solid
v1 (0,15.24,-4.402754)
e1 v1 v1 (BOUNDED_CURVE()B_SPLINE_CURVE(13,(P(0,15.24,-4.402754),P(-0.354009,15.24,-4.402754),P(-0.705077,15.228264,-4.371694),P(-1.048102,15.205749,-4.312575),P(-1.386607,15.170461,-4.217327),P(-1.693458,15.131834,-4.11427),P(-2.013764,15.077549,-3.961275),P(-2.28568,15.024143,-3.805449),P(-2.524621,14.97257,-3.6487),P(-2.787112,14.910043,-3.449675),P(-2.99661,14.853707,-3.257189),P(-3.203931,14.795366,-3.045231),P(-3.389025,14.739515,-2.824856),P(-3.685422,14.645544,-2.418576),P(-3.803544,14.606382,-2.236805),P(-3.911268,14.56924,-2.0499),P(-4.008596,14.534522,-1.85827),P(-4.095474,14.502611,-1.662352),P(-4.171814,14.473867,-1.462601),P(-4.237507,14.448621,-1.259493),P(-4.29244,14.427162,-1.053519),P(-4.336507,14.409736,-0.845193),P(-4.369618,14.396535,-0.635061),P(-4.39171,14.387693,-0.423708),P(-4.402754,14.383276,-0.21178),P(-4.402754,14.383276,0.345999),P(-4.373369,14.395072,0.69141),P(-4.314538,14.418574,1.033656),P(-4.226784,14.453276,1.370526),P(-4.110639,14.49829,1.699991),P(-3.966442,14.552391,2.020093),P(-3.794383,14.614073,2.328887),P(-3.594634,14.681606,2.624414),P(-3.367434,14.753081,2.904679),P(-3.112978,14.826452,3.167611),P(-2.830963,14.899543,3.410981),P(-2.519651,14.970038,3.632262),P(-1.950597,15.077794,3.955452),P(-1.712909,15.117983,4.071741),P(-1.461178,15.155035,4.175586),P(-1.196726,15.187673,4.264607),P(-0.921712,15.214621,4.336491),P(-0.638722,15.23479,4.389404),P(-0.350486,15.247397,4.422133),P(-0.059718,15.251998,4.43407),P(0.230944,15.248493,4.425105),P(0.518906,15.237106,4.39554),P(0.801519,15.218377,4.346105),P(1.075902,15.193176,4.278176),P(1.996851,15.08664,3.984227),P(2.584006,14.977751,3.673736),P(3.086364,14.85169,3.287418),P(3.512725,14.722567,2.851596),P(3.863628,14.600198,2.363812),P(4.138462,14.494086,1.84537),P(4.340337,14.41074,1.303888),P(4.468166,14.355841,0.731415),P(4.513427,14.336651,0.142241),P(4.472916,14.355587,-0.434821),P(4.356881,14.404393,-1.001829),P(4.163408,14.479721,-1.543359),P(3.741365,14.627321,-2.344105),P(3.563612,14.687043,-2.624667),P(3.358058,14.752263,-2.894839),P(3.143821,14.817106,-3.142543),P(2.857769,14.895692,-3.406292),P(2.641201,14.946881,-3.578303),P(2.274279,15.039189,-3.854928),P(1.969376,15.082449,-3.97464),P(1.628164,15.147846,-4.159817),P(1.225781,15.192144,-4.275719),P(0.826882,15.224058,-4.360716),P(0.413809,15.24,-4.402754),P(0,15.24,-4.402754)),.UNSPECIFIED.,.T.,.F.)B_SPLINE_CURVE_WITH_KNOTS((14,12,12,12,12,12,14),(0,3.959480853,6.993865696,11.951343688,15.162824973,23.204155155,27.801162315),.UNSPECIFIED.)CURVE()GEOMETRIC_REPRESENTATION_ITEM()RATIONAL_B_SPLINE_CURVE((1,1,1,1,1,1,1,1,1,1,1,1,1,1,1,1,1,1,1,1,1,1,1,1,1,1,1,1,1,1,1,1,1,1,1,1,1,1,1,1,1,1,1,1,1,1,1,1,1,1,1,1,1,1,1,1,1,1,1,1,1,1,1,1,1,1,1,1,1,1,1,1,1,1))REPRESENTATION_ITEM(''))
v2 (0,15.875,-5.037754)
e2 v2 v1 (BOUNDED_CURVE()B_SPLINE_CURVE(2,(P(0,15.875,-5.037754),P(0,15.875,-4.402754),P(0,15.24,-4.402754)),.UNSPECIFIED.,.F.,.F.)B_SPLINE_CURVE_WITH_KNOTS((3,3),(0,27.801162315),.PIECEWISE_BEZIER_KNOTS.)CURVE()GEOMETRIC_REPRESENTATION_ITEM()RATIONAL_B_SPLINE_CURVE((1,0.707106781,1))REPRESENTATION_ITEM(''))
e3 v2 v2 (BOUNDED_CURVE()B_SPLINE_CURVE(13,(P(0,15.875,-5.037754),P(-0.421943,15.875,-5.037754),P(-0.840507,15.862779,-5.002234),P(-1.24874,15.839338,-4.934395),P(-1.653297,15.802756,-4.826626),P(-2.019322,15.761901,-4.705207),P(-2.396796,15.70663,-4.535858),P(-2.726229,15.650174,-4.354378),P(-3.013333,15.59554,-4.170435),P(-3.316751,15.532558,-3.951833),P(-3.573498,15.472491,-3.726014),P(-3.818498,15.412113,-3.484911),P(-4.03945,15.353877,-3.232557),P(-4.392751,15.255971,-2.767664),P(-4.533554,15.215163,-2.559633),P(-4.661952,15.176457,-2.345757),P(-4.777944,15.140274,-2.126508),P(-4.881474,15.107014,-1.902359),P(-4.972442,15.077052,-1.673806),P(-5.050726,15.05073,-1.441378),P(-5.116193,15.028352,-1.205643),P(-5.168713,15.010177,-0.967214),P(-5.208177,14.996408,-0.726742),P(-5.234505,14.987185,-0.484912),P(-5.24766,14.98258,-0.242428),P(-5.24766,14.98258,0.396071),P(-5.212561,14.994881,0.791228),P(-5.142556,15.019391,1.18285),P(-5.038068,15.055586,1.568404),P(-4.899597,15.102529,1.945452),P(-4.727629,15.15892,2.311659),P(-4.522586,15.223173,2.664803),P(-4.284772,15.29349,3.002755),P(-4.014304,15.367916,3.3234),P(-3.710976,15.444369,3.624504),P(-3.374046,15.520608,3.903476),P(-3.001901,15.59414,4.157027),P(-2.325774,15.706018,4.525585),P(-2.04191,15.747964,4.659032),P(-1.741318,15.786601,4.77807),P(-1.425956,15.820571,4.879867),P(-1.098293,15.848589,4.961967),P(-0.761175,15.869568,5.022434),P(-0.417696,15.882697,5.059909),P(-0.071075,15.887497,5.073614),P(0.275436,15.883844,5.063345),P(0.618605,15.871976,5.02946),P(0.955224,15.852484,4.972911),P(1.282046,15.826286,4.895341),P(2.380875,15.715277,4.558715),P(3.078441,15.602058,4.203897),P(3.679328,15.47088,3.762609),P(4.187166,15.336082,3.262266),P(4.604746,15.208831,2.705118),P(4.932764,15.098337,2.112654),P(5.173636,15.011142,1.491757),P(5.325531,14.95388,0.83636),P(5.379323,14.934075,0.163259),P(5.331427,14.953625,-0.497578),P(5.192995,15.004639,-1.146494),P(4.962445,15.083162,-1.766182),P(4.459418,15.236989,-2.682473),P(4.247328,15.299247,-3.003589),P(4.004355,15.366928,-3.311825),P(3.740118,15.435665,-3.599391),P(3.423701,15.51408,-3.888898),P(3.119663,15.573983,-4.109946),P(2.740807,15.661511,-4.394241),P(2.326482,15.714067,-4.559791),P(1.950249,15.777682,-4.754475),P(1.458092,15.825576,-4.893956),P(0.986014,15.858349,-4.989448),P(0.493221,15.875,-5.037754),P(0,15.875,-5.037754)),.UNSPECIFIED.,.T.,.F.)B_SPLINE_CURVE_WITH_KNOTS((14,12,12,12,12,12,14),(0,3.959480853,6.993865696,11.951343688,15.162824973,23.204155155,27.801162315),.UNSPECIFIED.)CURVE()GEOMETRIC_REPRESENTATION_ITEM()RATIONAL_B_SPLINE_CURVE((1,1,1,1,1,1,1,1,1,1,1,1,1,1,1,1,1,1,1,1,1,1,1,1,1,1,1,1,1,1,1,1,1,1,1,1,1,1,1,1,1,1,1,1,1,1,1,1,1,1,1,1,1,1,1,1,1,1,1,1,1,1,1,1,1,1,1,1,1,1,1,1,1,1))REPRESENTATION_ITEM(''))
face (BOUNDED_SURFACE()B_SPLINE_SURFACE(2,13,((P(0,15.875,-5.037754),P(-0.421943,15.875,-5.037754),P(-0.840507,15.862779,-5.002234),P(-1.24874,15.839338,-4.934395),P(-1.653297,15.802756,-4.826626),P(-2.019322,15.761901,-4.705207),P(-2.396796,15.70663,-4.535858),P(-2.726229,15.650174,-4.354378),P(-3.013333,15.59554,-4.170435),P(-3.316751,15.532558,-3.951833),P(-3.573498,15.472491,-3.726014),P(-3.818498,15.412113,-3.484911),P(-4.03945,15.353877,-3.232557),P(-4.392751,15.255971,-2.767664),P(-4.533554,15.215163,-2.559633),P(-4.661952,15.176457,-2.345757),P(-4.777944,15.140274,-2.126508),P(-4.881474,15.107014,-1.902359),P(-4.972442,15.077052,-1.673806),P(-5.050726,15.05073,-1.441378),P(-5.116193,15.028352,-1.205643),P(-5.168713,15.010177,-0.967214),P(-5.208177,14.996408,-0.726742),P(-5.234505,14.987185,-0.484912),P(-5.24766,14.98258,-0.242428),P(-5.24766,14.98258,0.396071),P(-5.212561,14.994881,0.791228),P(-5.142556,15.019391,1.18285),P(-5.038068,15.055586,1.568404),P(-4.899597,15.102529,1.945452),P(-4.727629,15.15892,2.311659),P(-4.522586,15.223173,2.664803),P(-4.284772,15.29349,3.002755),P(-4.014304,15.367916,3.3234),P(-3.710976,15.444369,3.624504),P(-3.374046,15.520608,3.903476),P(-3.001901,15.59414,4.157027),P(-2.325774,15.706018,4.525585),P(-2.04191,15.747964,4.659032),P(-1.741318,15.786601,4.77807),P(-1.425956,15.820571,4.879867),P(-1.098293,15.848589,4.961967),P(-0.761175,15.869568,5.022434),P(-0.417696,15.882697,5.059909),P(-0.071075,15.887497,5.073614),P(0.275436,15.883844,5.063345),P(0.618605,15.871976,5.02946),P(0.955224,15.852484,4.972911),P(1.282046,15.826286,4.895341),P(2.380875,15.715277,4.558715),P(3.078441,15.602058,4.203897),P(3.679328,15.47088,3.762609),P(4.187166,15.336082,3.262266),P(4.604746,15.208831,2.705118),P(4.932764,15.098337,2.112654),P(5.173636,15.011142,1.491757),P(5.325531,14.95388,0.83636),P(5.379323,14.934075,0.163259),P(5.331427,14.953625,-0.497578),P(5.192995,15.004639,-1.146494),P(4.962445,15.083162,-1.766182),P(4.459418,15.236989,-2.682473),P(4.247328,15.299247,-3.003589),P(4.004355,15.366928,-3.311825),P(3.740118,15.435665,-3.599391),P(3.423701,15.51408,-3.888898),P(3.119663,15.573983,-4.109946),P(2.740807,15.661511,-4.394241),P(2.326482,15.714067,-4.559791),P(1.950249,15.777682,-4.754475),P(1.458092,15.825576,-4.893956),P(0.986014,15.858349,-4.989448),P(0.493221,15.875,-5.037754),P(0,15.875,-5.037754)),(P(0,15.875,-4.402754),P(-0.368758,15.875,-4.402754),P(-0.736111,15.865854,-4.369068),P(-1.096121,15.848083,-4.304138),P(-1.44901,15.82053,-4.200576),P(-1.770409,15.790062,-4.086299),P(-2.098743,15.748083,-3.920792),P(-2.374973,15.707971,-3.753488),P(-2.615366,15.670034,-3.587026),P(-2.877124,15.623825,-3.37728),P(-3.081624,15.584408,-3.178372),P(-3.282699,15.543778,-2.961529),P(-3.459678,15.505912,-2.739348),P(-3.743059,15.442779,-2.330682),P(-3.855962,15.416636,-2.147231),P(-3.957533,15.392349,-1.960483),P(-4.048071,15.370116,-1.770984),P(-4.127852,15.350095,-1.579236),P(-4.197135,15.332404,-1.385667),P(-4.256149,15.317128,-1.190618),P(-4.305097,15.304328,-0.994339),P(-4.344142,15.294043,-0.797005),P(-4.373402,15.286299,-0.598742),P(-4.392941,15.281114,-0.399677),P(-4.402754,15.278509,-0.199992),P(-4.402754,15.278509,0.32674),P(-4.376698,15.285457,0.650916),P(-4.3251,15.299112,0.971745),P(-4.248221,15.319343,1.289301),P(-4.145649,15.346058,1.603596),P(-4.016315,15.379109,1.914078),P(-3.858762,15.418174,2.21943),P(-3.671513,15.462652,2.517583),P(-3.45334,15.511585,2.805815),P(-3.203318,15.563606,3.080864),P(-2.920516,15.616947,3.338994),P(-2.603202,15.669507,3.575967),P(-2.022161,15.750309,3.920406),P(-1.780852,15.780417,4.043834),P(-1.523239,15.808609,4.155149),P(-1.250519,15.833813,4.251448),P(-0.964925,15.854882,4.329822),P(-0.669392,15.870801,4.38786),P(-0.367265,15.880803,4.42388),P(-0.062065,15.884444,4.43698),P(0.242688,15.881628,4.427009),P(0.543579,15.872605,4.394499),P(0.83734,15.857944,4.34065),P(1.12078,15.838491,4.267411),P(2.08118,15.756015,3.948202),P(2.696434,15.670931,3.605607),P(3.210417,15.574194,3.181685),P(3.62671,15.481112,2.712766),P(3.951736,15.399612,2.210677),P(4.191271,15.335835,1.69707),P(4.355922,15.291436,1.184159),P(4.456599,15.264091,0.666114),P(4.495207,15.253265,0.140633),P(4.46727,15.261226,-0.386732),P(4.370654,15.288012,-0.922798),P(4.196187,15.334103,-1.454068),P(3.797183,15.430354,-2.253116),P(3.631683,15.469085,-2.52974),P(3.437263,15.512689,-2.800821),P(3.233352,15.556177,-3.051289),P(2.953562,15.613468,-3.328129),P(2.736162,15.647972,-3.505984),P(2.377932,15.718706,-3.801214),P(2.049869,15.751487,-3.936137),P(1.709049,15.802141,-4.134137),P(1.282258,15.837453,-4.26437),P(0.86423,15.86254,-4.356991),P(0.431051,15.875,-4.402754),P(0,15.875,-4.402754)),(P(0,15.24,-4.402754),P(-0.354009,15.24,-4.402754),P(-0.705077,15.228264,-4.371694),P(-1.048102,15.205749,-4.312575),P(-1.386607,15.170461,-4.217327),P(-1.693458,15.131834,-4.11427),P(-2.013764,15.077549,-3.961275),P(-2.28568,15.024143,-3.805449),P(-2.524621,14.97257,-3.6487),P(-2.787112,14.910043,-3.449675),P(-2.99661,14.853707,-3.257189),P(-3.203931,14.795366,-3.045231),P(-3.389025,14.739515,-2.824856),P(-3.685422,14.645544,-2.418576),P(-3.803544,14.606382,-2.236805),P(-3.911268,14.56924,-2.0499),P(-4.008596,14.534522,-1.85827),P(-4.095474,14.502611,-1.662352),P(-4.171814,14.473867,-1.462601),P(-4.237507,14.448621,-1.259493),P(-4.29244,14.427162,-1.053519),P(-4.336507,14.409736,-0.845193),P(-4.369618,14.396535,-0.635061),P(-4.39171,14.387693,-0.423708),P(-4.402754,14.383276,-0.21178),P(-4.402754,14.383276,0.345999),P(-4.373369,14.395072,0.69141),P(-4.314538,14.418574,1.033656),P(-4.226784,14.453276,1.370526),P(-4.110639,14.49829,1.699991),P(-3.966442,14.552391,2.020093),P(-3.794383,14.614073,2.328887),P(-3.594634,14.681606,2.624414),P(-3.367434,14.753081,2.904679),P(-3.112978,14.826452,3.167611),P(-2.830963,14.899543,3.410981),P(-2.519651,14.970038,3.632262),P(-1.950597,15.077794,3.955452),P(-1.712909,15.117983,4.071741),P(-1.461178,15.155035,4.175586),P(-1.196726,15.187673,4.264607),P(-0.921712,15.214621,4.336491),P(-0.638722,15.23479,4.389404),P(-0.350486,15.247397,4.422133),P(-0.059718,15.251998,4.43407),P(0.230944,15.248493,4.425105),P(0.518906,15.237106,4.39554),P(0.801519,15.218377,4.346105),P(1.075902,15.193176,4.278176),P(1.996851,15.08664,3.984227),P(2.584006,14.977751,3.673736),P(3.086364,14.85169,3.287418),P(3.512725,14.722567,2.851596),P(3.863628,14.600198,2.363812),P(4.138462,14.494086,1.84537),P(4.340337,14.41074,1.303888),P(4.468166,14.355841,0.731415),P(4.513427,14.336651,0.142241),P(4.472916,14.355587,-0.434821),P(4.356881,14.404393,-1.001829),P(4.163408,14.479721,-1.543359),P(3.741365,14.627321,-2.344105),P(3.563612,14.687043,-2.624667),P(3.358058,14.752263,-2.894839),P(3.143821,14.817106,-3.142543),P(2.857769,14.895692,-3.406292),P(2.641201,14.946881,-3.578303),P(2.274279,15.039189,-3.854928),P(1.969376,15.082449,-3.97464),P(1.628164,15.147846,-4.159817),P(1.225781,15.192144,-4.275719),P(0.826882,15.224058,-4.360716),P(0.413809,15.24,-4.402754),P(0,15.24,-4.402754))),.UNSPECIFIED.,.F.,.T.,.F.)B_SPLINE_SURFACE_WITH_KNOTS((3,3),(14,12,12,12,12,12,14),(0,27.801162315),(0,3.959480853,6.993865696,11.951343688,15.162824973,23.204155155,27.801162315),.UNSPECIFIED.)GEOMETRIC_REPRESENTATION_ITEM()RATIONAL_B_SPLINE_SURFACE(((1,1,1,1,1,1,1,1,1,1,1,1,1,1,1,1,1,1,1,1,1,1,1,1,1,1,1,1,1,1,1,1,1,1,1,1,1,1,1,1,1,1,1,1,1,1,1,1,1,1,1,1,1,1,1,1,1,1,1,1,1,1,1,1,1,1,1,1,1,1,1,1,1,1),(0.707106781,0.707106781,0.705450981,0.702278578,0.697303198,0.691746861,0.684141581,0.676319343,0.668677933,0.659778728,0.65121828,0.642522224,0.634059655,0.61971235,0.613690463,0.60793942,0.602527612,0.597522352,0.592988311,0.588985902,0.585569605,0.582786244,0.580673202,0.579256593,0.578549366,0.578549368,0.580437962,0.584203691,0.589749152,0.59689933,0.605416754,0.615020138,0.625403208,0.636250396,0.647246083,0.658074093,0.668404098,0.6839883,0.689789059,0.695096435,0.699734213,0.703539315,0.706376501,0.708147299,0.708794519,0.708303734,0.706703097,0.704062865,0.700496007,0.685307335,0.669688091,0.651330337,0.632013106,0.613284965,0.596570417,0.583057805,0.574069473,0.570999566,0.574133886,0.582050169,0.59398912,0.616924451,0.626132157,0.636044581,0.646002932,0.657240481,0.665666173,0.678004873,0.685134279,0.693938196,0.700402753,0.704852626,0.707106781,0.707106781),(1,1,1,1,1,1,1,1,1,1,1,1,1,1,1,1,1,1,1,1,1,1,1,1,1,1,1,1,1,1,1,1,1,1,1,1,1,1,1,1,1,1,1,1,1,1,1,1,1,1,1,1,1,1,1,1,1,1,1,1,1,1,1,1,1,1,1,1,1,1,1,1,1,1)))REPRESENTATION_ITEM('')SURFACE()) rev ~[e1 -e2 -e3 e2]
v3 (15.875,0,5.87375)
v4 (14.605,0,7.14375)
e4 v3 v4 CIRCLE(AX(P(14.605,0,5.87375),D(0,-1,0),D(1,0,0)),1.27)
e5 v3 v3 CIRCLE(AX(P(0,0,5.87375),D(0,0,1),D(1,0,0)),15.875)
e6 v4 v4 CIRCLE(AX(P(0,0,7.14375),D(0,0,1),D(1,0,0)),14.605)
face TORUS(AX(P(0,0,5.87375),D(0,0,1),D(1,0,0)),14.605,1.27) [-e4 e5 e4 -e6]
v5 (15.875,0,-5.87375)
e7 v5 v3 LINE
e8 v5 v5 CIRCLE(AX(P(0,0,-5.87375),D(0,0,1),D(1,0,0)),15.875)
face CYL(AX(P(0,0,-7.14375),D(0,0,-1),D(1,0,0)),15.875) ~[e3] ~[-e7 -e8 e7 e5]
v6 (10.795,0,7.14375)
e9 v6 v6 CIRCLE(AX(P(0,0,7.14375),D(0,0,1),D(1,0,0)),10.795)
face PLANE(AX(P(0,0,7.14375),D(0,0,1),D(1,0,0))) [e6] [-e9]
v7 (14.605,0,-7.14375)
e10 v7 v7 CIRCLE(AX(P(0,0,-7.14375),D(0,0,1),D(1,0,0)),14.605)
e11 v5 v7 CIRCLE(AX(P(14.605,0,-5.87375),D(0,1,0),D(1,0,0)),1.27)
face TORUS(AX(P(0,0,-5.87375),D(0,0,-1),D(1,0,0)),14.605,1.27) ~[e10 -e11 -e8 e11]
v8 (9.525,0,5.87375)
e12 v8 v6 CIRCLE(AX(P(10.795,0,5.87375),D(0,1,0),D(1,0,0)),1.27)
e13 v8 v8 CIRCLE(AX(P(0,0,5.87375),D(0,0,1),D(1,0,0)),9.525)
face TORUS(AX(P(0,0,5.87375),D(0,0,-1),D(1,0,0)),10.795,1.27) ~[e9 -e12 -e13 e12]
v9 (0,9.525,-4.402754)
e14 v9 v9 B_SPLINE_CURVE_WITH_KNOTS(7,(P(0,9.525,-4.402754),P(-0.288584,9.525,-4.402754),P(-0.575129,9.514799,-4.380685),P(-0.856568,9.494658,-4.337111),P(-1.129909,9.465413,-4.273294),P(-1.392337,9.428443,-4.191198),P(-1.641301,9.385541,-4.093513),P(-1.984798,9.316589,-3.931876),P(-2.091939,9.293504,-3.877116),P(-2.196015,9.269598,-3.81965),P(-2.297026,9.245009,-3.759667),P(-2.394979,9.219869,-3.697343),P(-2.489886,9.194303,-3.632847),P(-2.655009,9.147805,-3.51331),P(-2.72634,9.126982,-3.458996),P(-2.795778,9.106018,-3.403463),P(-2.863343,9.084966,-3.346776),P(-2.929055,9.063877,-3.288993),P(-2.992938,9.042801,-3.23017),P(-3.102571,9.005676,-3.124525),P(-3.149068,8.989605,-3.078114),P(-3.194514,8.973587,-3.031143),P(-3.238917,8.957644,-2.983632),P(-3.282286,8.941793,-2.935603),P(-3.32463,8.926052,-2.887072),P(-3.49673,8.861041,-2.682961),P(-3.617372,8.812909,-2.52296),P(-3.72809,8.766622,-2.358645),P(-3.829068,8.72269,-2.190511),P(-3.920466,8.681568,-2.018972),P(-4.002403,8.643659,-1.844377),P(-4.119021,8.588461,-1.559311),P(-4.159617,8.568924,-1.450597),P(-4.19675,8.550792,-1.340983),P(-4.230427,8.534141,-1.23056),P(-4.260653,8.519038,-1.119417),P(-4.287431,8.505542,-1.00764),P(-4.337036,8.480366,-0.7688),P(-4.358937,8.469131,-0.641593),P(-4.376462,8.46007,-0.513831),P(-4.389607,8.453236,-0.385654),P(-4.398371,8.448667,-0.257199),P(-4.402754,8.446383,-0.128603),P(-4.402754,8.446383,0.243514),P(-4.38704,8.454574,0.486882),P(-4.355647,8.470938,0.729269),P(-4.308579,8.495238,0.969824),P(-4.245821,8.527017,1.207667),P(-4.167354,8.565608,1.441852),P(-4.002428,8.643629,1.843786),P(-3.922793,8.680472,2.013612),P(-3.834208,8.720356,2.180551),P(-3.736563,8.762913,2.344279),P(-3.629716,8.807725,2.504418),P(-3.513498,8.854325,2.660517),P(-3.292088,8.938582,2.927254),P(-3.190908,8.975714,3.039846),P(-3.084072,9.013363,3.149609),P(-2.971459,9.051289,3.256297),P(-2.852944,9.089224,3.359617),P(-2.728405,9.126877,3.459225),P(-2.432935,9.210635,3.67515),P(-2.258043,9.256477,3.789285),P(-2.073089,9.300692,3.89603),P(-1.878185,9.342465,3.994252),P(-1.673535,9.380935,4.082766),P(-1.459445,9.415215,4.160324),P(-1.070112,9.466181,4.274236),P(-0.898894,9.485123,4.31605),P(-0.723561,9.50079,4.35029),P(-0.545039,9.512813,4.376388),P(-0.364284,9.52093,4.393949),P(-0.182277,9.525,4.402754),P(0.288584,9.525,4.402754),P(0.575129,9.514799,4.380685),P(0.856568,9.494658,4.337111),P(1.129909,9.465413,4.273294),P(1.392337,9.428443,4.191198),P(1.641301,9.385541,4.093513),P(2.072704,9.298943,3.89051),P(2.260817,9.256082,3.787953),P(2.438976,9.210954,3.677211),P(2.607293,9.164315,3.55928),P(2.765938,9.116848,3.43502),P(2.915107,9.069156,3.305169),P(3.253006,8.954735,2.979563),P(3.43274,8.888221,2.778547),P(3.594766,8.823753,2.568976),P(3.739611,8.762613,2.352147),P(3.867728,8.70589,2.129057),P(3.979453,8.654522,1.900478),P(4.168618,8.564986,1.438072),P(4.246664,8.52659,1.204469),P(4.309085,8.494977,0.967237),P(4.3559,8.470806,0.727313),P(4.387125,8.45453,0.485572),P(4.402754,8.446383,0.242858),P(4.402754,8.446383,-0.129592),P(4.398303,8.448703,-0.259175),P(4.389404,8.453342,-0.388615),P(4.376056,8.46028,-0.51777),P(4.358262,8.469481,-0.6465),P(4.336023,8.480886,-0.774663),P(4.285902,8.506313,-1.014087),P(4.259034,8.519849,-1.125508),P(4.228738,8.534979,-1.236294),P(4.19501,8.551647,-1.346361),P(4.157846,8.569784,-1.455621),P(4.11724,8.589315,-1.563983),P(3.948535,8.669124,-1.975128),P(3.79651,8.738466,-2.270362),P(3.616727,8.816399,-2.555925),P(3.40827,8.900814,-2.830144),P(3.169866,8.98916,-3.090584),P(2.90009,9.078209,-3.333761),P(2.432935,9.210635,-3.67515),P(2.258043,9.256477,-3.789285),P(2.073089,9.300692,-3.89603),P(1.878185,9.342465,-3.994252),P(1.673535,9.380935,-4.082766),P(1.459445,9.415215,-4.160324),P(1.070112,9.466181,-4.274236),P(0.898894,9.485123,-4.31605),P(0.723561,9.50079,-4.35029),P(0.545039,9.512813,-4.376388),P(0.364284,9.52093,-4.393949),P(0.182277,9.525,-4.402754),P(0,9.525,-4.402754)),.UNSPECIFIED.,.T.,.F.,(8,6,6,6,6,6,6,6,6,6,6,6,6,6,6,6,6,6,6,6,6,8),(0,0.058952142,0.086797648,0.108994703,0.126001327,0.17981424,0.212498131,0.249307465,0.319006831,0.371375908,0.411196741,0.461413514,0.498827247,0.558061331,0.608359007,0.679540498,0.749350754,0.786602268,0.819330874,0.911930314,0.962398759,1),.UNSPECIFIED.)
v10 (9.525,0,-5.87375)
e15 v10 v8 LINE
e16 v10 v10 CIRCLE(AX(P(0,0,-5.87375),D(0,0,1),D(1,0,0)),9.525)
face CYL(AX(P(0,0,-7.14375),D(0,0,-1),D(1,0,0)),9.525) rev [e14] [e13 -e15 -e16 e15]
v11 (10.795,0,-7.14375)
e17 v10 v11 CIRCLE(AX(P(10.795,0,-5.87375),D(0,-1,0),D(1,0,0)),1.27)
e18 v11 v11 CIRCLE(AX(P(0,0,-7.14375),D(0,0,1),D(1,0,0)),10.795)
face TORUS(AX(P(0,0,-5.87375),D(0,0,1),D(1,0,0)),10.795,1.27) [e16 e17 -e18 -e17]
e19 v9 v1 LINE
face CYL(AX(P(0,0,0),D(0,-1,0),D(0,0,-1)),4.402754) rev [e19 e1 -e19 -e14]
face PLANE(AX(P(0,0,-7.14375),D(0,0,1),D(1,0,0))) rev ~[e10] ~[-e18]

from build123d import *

# Parameters (mm, degrees)
BOSS_EXTRUDE1_DEPTH      = 7.14375
BOSS_EXTRUDE1_DEPTH_BACK = 7.14375
SKETCH1_R                = 15.875
SKETCH1_R_2              = 9.525
FILLET1_R                = 1.27
SKETCH3_R                = 4.402753613
CUT_EXTRUDE1_DEPTH       = 24.559805119
FILLET2_R                = 0.635


with BuildPart() as part:
    # Sketch1 → Boss-Extrude1 (new, two sides: drawn at the far end of the back side and taken through both)
    with BuildSketch(Plane.XY.offset(-BOSS_EXTRUDE1_DEPTH_BACK)):
        Circle(SKETCH1_R)
        Circle(SKETCH1_R_2, mode=Mode.SUBTRACT)
    extrude(amount=BOSS_EXTRUDE1_DEPTH + BOSS_EXTRUDE1_DEPTH_BACK)

    # Fillet1
    fillet1_edges = [part.edges().sort_by_distance(p)[0] for p in [
        (-15.875, 0, -7.14375),
        (-9.525, 0, -7.14375),
        (-15.875, 0, 7.14375),
        (-9.525, 0, 7.14375),
    ]]
    fillet(fillet1_edges, radius=FILLET1_R)

    # Sketch3 → Cut-Extrude1 (cut, through all)
    with BuildSketch(Plane(origin=(0, 0, 0), x_dir=(1, 0, 0), z_dir=(0, 1, 0))):
        Circle(SKETCH3_R)
    extrude(amount=CUT_EXTRUDE1_DEPTH, mode=Mode.SUBTRACT)

    # Fillet2
    fillet2_edges = [part.edges().sort_by_distance(p)[0] for p in [
        (0, 15.875, 4.402753613),
    ]]
    fillet(fillet2_edges, radius=FILLET2_R)


solid = part.part
